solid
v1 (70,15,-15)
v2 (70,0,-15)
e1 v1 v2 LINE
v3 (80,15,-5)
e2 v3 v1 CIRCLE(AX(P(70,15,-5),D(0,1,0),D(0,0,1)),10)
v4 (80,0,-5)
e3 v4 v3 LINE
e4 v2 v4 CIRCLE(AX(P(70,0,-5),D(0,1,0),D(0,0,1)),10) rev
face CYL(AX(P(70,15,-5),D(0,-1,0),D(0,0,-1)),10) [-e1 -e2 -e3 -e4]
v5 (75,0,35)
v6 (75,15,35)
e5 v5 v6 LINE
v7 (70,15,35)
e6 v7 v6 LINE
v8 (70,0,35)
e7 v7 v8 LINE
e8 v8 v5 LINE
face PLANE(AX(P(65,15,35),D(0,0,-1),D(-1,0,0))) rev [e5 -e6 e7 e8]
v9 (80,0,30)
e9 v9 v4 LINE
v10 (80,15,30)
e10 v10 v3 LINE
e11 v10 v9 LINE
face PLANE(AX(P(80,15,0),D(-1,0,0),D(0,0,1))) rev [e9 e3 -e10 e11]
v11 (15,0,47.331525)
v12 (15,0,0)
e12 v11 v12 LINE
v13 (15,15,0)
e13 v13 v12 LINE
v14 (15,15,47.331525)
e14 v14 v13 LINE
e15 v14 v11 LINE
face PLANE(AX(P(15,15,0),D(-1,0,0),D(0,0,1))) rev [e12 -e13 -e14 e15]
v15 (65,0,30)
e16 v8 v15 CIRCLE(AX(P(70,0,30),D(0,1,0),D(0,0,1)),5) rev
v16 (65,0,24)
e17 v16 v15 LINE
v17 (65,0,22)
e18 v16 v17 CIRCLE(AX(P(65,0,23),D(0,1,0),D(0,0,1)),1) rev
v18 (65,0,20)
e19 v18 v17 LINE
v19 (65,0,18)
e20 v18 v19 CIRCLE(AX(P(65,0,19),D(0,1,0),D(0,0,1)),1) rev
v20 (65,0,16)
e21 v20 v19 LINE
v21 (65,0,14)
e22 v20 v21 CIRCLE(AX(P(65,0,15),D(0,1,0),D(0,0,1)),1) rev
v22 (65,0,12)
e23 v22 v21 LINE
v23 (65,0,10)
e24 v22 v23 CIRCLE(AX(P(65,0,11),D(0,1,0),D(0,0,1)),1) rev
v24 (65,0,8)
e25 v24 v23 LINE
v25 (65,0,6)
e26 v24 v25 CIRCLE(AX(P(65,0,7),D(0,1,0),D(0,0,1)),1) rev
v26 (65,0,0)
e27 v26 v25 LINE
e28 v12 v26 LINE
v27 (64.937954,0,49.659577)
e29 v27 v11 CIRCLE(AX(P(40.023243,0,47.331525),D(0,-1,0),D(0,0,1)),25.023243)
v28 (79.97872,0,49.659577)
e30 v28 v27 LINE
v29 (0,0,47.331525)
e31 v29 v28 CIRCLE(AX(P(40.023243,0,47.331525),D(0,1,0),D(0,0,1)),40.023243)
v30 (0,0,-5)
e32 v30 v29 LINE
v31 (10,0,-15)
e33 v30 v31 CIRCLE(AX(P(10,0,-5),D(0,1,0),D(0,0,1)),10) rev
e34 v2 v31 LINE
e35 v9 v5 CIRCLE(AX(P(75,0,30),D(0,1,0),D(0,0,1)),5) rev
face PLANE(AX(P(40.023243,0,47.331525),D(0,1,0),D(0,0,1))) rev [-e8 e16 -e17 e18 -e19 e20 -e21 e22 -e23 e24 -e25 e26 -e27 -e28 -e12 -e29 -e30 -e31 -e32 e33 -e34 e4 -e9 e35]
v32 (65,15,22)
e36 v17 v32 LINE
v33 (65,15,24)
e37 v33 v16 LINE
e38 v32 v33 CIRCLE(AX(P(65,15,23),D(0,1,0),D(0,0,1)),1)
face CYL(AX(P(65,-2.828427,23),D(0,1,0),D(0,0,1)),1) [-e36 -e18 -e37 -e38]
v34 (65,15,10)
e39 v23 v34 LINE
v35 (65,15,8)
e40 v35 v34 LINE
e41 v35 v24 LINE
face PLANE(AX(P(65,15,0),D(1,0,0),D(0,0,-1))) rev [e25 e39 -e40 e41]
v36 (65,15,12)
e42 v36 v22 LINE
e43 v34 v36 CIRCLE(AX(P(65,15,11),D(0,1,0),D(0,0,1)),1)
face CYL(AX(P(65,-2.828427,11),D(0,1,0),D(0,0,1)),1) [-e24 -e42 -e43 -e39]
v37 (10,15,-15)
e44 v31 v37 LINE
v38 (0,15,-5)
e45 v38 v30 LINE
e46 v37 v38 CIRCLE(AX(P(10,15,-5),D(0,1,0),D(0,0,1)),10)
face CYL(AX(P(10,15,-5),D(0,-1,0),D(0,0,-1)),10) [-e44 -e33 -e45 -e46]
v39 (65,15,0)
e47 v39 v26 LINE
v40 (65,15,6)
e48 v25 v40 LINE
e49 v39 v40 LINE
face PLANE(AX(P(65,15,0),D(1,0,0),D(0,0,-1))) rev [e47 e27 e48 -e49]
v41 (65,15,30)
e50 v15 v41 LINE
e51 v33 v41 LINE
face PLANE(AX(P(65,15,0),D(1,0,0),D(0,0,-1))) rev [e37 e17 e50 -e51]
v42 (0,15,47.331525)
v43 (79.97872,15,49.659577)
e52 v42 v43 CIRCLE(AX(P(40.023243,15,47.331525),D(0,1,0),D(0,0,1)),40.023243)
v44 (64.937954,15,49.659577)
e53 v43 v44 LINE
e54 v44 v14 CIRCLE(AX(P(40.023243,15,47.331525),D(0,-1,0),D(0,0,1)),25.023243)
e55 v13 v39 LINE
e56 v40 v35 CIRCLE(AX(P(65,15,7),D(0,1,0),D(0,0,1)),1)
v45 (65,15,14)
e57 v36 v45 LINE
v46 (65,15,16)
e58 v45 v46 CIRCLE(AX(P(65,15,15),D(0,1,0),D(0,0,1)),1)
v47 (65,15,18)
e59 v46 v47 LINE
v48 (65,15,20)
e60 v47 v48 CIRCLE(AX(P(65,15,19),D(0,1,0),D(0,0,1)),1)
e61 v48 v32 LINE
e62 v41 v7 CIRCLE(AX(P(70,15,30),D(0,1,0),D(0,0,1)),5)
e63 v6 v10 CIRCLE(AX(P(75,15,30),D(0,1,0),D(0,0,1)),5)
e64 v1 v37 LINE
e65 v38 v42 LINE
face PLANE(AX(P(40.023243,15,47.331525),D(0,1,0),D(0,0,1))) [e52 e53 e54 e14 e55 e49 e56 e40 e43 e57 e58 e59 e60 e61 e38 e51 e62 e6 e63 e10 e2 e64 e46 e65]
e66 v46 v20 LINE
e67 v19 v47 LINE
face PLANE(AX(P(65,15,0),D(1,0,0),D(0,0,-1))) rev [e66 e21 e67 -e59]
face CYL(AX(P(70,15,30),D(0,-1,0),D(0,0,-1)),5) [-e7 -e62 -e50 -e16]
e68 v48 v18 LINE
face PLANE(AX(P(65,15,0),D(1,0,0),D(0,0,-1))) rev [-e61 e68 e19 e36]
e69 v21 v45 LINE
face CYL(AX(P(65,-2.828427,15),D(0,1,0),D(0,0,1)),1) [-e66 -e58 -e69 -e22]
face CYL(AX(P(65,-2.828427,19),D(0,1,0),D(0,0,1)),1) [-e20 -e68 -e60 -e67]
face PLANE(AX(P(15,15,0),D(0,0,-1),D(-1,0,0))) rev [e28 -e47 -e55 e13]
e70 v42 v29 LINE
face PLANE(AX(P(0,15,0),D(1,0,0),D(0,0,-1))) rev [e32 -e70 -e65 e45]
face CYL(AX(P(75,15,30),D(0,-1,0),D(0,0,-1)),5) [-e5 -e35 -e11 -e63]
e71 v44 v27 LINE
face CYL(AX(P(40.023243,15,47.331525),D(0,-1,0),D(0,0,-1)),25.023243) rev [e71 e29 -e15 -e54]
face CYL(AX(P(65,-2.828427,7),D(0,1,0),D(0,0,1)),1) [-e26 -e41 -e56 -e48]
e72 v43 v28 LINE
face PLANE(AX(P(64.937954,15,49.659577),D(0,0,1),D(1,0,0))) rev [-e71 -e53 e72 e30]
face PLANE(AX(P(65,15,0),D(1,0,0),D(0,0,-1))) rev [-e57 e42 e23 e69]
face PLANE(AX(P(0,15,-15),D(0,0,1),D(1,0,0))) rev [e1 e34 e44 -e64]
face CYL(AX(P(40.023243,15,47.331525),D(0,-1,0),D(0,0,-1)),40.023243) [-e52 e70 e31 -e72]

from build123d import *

# Parameters (mm, degrees)
BOSS_EXTRUDE1_DEPTH = 15
FILLET2_R           = 10
FILLET3_R           = 5
SKETCH3_R           = 1
BOSS_EXTRUDE2_DEPTH = 15


with BuildPart() as part:
    # Sketch2 → Boss-Extrude1 (new body)
    with BuildSketch(Plane(origin=(0, 0, 0), x_dir=(1, 0, 0), z_dir=(0, 1, 0))):
        with BuildLine():
            Line((64.937954364, -49.659577053), (79.978719708, -49.659577053))
            ThreePointArc((79.978719708, -49.659577053), (38.858723791, -87.337822877), (0, -47.331525149))
            Line((0, -47.331525149), (0, 0))
            Line((0, 0), (0, 15))
            Line((0, 15), (80, 15))
            Line((80, 15), (80, 0))
            Line((80, 0), (80, -35))
            Line((80, -35), (65, -35))
            Line((65, -35), (65, 0))
            Line((65, 0), (15, 0))
            Line((15, 0), (15, -47.331525149))
            ThreePointArc((15, -47.331525149), (38.857952611, -72.327620402), (64.937954364, -49.659577053))
        make_face()
    extrude(amount=BOSS_EXTRUDE1_DEPTH)

    # Fillet2
    fillet2_edges = [part.edges().sort_by_distance(p)[0] for p in [
        (0, 7.5, -15),
        (80, 7.5, -15),
    ]]
    fillet(fillet2_edges, radius=FILLET2_R)

    # Fillet3
    fillet3_edges = [part.edges().sort_by_distance(p)[0] for p in [
        (80, 7.5, 35),
        (65, 7.5, 35),
    ]]
    fillet(fillet3_edges, radius=FILLET3_R)

    # Sketch3 → Boss-Extrude2 (add)
    with BuildSketch(Plane(origin=(0, 15, 0), x_dir=(1, 0, 0), z_dir=(0, 1, 0))):
        with Locations((65, -15)):
            Circle(SKETCH3_R)
        with Locations((65, -11)):
            Circle(SKETCH3_R)
        with Locations((65, -23)):
            Circle(SKETCH3_R)
        with Locations((65, -19)):
            Circle(SKETCH3_R)
        with Locations((65, -7)):
            Circle(SKETCH3_R)
    extrude(amount=-BOSS_EXTRUDE2_DEPTH)


solid = part.part
